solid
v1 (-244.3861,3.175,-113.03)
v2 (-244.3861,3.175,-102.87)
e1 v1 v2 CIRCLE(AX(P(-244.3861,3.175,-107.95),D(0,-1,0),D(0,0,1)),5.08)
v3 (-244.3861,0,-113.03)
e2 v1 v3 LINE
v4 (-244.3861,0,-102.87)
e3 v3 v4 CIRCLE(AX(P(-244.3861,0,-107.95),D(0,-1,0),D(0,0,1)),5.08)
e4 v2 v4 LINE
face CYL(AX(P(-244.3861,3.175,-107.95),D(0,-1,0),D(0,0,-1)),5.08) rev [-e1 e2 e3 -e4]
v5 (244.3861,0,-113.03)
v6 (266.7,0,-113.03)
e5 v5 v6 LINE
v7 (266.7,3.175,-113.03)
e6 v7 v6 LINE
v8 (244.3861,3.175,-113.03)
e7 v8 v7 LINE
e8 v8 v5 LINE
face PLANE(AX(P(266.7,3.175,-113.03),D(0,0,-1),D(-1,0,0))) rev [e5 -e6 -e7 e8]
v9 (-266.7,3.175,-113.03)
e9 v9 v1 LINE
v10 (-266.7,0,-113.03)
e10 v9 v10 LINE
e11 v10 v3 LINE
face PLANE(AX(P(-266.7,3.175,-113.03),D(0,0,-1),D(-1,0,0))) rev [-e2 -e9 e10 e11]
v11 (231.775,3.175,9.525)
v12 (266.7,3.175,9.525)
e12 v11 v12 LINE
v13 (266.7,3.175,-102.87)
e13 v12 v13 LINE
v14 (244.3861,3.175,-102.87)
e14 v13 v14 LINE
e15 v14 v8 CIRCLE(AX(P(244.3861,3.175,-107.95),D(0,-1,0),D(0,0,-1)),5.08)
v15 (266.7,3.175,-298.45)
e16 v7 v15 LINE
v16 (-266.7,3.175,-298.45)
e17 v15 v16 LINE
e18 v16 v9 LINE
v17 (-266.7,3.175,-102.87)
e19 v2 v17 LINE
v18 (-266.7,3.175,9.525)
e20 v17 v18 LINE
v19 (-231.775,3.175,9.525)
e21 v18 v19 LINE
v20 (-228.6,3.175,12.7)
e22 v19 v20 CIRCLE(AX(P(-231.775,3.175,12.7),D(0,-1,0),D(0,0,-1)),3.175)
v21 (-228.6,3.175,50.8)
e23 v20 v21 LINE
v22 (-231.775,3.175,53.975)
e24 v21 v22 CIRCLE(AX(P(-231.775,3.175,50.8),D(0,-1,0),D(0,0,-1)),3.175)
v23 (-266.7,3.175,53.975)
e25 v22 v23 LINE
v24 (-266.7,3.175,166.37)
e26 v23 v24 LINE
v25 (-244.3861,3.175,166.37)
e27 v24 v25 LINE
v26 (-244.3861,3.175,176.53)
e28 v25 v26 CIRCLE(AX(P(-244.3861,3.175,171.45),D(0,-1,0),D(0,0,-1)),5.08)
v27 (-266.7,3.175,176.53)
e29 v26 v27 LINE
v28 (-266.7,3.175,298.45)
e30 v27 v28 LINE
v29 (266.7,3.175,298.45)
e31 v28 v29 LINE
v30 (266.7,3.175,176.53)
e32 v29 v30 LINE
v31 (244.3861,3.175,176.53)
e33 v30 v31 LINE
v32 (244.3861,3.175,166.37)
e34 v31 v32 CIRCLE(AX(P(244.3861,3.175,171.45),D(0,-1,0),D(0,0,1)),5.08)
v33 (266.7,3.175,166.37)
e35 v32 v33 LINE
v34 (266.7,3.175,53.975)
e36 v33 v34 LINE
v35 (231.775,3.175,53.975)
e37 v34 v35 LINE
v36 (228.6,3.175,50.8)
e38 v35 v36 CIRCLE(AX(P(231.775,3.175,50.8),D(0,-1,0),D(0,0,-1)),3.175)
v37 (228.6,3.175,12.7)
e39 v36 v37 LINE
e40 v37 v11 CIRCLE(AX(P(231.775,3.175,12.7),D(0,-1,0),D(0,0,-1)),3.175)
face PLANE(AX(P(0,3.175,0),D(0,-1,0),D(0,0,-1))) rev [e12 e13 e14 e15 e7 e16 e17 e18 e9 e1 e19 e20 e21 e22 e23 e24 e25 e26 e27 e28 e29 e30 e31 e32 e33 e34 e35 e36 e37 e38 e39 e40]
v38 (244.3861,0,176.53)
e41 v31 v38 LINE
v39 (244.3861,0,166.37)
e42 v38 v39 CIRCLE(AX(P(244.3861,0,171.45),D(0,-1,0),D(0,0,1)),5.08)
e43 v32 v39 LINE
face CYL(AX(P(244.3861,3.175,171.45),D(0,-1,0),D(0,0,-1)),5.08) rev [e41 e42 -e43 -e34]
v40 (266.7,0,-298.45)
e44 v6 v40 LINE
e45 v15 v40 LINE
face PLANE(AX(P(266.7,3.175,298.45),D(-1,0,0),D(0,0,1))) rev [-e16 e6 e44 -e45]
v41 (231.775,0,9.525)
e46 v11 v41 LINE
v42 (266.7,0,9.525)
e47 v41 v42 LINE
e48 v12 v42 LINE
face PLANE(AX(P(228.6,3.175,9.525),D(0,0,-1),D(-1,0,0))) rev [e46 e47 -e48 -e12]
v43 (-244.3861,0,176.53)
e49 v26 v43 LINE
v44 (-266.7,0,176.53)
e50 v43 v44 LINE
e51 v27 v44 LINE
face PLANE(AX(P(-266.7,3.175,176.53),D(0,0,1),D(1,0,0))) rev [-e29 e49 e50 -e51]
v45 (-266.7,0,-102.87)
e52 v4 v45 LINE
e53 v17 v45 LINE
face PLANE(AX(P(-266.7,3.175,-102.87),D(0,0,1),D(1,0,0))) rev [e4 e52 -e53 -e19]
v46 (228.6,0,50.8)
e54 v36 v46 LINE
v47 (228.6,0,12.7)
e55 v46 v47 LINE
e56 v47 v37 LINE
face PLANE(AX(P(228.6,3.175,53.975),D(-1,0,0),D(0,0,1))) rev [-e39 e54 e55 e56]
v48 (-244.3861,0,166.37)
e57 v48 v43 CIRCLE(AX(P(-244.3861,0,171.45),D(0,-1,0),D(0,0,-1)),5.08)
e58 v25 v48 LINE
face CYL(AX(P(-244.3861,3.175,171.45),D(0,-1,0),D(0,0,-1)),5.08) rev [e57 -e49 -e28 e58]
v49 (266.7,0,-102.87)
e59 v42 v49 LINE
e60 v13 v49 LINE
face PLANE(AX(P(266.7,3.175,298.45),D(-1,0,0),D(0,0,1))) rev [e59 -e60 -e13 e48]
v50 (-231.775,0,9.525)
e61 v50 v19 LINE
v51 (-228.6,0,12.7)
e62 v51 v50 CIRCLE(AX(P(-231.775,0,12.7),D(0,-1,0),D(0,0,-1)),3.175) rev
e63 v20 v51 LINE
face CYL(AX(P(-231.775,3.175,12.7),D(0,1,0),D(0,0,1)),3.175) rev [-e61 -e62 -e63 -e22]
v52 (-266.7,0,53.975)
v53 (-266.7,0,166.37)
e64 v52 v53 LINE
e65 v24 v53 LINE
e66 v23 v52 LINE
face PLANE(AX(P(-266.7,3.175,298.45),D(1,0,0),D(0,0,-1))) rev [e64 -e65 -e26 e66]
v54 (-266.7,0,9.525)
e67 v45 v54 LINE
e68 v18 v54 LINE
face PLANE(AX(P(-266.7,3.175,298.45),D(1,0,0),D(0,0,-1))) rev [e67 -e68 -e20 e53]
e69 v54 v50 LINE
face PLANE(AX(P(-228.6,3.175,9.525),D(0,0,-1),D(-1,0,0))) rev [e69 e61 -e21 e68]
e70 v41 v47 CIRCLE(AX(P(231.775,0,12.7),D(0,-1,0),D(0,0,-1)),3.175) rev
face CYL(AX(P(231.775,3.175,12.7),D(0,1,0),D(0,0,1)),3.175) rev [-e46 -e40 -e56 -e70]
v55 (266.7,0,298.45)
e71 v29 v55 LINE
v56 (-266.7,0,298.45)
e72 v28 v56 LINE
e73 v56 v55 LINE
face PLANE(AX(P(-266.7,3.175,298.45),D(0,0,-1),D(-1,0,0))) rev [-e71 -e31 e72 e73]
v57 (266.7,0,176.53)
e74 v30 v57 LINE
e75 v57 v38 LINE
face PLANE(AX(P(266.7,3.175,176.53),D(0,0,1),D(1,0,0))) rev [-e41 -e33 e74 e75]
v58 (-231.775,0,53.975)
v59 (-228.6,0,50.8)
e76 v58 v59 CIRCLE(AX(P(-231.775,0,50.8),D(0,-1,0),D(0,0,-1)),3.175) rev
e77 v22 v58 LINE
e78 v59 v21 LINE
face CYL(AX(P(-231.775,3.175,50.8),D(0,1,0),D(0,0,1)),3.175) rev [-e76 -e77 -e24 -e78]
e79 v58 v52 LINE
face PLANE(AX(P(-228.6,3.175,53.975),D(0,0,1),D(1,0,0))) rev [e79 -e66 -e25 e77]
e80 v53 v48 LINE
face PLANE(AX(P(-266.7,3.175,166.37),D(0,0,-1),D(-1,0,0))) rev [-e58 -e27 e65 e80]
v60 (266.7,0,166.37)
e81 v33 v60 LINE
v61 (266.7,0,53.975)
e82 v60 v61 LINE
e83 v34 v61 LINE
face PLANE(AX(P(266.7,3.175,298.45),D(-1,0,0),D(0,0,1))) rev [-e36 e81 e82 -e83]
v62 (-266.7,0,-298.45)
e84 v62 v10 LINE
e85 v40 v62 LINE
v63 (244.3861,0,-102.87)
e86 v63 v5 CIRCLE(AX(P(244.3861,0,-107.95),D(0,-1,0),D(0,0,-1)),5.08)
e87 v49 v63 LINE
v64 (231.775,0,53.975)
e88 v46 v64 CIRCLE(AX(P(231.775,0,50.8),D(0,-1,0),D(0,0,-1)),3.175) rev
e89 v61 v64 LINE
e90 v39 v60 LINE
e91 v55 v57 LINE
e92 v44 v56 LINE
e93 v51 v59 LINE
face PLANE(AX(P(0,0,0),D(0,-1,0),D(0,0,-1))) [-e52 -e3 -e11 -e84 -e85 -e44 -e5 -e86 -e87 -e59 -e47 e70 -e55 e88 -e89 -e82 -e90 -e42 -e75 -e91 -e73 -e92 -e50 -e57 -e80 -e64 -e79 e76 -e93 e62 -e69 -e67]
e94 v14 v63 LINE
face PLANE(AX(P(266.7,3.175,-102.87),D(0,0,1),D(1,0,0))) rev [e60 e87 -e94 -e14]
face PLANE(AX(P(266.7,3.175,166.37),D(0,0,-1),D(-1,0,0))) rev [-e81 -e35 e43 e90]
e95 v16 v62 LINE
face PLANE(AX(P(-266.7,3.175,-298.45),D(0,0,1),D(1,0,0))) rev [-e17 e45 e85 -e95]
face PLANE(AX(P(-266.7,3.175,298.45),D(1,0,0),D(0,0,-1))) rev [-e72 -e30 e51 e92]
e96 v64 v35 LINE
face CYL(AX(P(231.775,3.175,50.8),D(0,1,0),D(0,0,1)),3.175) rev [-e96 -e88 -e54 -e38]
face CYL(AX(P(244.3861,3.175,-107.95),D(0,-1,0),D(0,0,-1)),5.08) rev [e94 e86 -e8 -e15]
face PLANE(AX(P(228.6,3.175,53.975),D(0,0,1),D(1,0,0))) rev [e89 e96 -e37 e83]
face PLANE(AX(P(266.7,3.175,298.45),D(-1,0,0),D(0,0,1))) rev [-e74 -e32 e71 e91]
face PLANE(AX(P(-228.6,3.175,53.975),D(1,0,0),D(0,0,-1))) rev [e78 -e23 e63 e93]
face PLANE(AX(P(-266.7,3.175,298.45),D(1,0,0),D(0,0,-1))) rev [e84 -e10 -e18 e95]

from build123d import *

# Parameters (mm, degrees)
SKETCH1_W           = 533.4
SKETCH1_H           = 596.9
BOSS_EXTRUDE1_DEPTH = 3.175
SKETCH8_W           = 38.1
SKETCH8_H           = 44.45
CUT_EXTRUDE2_DEPTH  = 4.175
FILLET1_R           = 3.175
CUT_EXTRUDE3_DEPTH  = 4.175


with BuildPart() as part:
    # Sketch1 → Boss-Extrude1 (new body)
    with BuildSketch(Plane(origin=(0, 0, 0), x_dir=(1, 0, 0), z_dir=(0, 1, 0))):
        Rectangle(SKETCH1_W, SKETCH1_H)
    extrude(amount=BOSS_EXTRUDE1_DEPTH)

    # Sketch8 → Cut-Extrude2 (cut, through all)
    with BuildSketch(Plane.XZ):
        with Locations((-247.65, 31.75)):
            Rectangle(SKETCH8_W, SKETCH8_H)
        with Locations((247.65, 31.75)):
            Rectangle(SKETCH8_W, SKETCH8_H)
    extrude(amount=-CUT_EXTRUDE2_DEPTH, mode=Mode.SUBTRACT)

    # Fillet1
    fillet1_edges = [part.edges().sort_by_distance(p)[0] for p in [
        (-228.6, 1.5875, 53.975),
        (-228.6, 1.5875, 9.525),
        (228.6, 1.5875, 9.525),
        (228.6, 1.5875, 53.975),
    ]]
    fillet(fillet1_edges, radius=FILLET1_R)

    # Sketch9 → Cut-Extrude3 (cut, through all)
    with BuildSketch(Plane.XZ):
        with BuildLine():
            Line((-266.7, 176.530000343), (-244.3861, 176.530000343))
            ThreePointArc((-244.3861, 176.530000343), (-239.3061, 171.450000343), (-244.3861, 166.370000343))
            Line((-244.3861, 166.370000343), (-266.7, 166.370000343))
            ThreePointArc((-266.7, 166.370000343), (-271.78, 171.450000343), (-266.7, 176.530000343))
        make_face()
        with BuildLine():
            Line((-266.7, -113.030000343), (-244.3861, -113.030000343))
            ThreePointArc((-244.3861, -113.030000343), (-239.3061, -107.950000343), (-244.3861, -102.870000343))
            Line((-244.3861, -102.870000343), (-266.7, -102.870000343))
            ThreePointArc((-266.7, -102.870000343), (-271.78, -107.950000343), (-266.7, -113.030000343))
        make_face()
        with BuildLine():
            Line((266.7, 176.530000343), (244.3861, 176.530000343))
            ThreePointArc((244.3861, 176.530000343), (239.3061, 171.450000343), (244.3861, 166.370000343))
            Line((244.3861, 166.370000343), (266.7, 166.370000343))
            ThreePointArc((266.7, 166.370000343), (271.78, 171.450000343), (266.7, 176.530000343))
        make_face()
        with BuildLine():
            Line((266.7, -113.030000343), (244.3861, -113.030000343))
            ThreePointArc((244.3861, -113.030000343), (239.3061, -107.950000343), (244.3861, -102.870000343))
            Line((244.3861, -102.870000343), (266.7, -102.870000343))
            ThreePointArc((266.7, -102.870000343), (271.78, -107.950000343), (266.7, -113.030000343))
        make_face()
    extrude(amount=-CUT_EXTRUDE3_DEPTH, mode=Mode.SUBTRACT)


solid = part.part
